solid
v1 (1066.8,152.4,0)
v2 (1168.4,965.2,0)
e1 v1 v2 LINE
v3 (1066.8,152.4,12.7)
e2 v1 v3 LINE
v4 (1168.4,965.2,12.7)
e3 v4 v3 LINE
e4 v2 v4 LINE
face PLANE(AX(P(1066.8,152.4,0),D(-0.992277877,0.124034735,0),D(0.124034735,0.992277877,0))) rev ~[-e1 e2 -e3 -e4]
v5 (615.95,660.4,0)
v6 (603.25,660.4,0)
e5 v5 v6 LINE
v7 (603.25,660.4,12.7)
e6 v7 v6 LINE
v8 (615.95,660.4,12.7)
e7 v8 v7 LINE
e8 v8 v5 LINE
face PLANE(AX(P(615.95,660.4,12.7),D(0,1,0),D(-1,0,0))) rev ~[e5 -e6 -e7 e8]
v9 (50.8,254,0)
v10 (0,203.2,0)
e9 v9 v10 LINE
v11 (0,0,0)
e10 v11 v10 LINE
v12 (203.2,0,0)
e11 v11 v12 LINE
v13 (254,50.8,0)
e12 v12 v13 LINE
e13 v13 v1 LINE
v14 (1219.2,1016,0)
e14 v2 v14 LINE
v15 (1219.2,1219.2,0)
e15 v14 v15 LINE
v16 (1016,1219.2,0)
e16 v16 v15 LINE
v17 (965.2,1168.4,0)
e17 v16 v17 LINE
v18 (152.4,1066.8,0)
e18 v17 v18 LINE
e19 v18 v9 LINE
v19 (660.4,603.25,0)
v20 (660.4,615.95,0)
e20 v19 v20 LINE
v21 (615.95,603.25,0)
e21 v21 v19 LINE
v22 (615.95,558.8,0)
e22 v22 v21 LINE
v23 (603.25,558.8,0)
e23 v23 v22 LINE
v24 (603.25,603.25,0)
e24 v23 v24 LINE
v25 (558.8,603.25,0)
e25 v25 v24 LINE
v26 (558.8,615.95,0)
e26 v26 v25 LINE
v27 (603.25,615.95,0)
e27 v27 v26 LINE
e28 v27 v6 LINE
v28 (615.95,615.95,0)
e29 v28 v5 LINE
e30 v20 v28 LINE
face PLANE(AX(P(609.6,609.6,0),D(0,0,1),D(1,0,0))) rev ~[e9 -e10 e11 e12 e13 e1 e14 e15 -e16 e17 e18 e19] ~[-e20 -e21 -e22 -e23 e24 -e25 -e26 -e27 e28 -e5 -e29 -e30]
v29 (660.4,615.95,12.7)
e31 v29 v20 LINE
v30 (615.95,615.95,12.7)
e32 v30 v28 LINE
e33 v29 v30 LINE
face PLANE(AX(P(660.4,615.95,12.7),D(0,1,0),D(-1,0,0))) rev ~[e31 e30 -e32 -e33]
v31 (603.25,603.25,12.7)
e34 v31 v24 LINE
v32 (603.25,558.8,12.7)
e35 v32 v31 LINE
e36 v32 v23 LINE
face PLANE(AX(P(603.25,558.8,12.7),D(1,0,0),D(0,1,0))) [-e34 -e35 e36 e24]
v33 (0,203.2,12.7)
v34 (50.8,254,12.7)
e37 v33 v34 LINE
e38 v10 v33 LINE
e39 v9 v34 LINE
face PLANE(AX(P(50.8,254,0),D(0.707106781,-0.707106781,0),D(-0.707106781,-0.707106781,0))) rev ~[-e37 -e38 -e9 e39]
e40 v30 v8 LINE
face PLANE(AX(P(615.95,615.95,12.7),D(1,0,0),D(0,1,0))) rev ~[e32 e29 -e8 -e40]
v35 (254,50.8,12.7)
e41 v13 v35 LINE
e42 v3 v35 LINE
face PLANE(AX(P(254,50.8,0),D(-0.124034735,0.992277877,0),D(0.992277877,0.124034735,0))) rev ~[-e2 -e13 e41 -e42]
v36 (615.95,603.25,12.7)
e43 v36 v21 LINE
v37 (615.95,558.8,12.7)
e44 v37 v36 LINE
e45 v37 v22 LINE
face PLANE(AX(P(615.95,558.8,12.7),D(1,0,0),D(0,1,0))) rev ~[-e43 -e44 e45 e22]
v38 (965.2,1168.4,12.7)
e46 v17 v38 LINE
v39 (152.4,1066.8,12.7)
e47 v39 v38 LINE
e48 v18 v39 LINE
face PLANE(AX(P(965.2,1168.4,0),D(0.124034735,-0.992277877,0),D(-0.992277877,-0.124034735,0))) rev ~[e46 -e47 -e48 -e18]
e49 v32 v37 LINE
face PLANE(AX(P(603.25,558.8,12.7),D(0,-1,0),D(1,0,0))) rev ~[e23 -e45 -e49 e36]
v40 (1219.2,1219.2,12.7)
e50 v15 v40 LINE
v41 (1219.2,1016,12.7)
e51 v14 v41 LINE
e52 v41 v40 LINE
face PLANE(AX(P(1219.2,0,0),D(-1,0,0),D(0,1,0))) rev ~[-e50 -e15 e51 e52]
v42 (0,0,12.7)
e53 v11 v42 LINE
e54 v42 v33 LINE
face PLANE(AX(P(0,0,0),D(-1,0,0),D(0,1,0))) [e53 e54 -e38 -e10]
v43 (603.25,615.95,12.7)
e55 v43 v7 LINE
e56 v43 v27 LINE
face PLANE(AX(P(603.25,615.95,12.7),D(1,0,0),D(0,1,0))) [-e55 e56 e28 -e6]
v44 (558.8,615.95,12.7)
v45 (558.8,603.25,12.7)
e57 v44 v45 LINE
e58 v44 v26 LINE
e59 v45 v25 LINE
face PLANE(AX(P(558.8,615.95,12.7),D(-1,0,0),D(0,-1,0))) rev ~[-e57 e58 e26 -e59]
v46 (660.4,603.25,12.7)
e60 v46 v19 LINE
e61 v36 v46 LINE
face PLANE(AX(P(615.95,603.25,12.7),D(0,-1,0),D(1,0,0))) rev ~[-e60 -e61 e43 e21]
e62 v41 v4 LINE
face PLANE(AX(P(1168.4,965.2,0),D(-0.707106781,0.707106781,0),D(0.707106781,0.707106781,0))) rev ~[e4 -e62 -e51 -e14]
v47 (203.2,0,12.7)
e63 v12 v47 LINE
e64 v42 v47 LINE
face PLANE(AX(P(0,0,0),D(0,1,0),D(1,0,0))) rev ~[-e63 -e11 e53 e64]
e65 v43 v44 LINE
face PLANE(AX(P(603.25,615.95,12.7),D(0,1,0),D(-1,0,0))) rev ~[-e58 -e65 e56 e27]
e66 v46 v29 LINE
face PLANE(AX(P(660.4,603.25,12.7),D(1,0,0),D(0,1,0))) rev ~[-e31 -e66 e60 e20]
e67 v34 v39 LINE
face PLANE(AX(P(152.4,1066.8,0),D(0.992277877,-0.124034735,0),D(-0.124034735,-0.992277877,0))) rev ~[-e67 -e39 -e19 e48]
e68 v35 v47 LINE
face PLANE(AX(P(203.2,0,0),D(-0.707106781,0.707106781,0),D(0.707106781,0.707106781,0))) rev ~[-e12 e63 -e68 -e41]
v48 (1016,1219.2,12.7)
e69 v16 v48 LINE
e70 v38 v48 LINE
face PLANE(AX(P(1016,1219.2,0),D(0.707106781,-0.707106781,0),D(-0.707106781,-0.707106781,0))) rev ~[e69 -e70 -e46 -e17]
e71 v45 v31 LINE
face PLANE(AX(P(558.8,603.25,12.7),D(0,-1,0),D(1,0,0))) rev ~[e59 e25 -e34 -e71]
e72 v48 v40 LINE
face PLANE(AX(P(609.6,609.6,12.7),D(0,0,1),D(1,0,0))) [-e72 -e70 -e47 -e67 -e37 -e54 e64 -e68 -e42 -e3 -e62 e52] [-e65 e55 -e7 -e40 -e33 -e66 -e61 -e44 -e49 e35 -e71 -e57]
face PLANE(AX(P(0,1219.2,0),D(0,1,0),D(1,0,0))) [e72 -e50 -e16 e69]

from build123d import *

# Parameters (mm, degrees)
F0_W     = 1219.2
F0_H     = 1219.2
F1_DEPTH = 12.7
F3_DEPTH = 12.701
F5_DEPTH = 12.701
F6_W     = 6.35
F6_H     = 44.45
F6_W_2   = 44.45
F6_H_2   = 6.35
F7_DEPTH = 12.701


with BuildPart() as f1:
    # F0 (on Top) → F1 (new body)
    with BuildSketch(Plane.XY):
        with Locations((609.6, 609.6)):
            Rectangle(F0_W, F0_H)
    extrude(amount=F1_DEPTH)

    # F2 (on face) → F3 (cut, through all)
    with BuildSketch(Plane(origin=(0, 0, 0), x_dir=(1, 0, 0), z_dir=(0, 0, -1))):
        Polygon((50.8, -254), (0, -203.2), (0, -1219.2), (1016, -1219.2), (965.2, -1168.4), (152.4, -1066.8), align=None)
    extrude(amount=-F3_DEPTH, mode=Mode.SUBTRACT)

    # F4 (on face) → F5 (cut, through all)
    with BuildSketch(Plane(origin=(0, 0, 0), x_dir=(1, 0, 0), z_dir=(0, 0, -1))):
        Polygon((254, -50.8), (1066.8, -152.4), (1168.4, -965.2), (1219.2, -1016), (1219.2, 0), (203.2, 0), align=None)
    extrude(amount=-F5_DEPTH, mode=Mode.SUBTRACT)

    # F6 (on face) → F7 (cut, through all)
    with BuildSketch(Plane.XY.offset(12.7)):
        with Locations((606.425, 581.025)):
            Rectangle(F6_W, F6_H)
        with Locations((612.775, 581.025)):
            Rectangle(F6_W, F6_H)
        with Locations((581.025, 612.775)):
            Rectangle(F6_W_2, F6_H_2)
        with Locations((581.025, 606.425)):
            Rectangle(F6_W_2, F6_H_2)
        with Locations((638.175, 612.775)):
            Rectangle(F6_W_2, F6_H_2)
        with Locations((638.175, 606.425)):
            Rectangle(F6_W_2, F6_H_2)
        with Locations((606.425, 612.775)):
            Rectangle(F6_W, F6_H_2)
        with Locations((612.775, 612.775)):
            Rectangle(F6_W, F6_H_2)
        with Locations((606.425, 606.425)):
            Rectangle(F6_W, F6_H_2)
        with Locations((612.775, 606.425)):
            Rectangle(F6_W, F6_H_2)
        with Locations((606.425, 638.175)):
            Rectangle(F6_W, F6_H)
        with Locations((612.775, 638.175)):
            Rectangle(F6_W, F6_H)
    extrude(amount=-F7_DEPTH, mode=Mode.SUBTRACT)


solid = f1.part
